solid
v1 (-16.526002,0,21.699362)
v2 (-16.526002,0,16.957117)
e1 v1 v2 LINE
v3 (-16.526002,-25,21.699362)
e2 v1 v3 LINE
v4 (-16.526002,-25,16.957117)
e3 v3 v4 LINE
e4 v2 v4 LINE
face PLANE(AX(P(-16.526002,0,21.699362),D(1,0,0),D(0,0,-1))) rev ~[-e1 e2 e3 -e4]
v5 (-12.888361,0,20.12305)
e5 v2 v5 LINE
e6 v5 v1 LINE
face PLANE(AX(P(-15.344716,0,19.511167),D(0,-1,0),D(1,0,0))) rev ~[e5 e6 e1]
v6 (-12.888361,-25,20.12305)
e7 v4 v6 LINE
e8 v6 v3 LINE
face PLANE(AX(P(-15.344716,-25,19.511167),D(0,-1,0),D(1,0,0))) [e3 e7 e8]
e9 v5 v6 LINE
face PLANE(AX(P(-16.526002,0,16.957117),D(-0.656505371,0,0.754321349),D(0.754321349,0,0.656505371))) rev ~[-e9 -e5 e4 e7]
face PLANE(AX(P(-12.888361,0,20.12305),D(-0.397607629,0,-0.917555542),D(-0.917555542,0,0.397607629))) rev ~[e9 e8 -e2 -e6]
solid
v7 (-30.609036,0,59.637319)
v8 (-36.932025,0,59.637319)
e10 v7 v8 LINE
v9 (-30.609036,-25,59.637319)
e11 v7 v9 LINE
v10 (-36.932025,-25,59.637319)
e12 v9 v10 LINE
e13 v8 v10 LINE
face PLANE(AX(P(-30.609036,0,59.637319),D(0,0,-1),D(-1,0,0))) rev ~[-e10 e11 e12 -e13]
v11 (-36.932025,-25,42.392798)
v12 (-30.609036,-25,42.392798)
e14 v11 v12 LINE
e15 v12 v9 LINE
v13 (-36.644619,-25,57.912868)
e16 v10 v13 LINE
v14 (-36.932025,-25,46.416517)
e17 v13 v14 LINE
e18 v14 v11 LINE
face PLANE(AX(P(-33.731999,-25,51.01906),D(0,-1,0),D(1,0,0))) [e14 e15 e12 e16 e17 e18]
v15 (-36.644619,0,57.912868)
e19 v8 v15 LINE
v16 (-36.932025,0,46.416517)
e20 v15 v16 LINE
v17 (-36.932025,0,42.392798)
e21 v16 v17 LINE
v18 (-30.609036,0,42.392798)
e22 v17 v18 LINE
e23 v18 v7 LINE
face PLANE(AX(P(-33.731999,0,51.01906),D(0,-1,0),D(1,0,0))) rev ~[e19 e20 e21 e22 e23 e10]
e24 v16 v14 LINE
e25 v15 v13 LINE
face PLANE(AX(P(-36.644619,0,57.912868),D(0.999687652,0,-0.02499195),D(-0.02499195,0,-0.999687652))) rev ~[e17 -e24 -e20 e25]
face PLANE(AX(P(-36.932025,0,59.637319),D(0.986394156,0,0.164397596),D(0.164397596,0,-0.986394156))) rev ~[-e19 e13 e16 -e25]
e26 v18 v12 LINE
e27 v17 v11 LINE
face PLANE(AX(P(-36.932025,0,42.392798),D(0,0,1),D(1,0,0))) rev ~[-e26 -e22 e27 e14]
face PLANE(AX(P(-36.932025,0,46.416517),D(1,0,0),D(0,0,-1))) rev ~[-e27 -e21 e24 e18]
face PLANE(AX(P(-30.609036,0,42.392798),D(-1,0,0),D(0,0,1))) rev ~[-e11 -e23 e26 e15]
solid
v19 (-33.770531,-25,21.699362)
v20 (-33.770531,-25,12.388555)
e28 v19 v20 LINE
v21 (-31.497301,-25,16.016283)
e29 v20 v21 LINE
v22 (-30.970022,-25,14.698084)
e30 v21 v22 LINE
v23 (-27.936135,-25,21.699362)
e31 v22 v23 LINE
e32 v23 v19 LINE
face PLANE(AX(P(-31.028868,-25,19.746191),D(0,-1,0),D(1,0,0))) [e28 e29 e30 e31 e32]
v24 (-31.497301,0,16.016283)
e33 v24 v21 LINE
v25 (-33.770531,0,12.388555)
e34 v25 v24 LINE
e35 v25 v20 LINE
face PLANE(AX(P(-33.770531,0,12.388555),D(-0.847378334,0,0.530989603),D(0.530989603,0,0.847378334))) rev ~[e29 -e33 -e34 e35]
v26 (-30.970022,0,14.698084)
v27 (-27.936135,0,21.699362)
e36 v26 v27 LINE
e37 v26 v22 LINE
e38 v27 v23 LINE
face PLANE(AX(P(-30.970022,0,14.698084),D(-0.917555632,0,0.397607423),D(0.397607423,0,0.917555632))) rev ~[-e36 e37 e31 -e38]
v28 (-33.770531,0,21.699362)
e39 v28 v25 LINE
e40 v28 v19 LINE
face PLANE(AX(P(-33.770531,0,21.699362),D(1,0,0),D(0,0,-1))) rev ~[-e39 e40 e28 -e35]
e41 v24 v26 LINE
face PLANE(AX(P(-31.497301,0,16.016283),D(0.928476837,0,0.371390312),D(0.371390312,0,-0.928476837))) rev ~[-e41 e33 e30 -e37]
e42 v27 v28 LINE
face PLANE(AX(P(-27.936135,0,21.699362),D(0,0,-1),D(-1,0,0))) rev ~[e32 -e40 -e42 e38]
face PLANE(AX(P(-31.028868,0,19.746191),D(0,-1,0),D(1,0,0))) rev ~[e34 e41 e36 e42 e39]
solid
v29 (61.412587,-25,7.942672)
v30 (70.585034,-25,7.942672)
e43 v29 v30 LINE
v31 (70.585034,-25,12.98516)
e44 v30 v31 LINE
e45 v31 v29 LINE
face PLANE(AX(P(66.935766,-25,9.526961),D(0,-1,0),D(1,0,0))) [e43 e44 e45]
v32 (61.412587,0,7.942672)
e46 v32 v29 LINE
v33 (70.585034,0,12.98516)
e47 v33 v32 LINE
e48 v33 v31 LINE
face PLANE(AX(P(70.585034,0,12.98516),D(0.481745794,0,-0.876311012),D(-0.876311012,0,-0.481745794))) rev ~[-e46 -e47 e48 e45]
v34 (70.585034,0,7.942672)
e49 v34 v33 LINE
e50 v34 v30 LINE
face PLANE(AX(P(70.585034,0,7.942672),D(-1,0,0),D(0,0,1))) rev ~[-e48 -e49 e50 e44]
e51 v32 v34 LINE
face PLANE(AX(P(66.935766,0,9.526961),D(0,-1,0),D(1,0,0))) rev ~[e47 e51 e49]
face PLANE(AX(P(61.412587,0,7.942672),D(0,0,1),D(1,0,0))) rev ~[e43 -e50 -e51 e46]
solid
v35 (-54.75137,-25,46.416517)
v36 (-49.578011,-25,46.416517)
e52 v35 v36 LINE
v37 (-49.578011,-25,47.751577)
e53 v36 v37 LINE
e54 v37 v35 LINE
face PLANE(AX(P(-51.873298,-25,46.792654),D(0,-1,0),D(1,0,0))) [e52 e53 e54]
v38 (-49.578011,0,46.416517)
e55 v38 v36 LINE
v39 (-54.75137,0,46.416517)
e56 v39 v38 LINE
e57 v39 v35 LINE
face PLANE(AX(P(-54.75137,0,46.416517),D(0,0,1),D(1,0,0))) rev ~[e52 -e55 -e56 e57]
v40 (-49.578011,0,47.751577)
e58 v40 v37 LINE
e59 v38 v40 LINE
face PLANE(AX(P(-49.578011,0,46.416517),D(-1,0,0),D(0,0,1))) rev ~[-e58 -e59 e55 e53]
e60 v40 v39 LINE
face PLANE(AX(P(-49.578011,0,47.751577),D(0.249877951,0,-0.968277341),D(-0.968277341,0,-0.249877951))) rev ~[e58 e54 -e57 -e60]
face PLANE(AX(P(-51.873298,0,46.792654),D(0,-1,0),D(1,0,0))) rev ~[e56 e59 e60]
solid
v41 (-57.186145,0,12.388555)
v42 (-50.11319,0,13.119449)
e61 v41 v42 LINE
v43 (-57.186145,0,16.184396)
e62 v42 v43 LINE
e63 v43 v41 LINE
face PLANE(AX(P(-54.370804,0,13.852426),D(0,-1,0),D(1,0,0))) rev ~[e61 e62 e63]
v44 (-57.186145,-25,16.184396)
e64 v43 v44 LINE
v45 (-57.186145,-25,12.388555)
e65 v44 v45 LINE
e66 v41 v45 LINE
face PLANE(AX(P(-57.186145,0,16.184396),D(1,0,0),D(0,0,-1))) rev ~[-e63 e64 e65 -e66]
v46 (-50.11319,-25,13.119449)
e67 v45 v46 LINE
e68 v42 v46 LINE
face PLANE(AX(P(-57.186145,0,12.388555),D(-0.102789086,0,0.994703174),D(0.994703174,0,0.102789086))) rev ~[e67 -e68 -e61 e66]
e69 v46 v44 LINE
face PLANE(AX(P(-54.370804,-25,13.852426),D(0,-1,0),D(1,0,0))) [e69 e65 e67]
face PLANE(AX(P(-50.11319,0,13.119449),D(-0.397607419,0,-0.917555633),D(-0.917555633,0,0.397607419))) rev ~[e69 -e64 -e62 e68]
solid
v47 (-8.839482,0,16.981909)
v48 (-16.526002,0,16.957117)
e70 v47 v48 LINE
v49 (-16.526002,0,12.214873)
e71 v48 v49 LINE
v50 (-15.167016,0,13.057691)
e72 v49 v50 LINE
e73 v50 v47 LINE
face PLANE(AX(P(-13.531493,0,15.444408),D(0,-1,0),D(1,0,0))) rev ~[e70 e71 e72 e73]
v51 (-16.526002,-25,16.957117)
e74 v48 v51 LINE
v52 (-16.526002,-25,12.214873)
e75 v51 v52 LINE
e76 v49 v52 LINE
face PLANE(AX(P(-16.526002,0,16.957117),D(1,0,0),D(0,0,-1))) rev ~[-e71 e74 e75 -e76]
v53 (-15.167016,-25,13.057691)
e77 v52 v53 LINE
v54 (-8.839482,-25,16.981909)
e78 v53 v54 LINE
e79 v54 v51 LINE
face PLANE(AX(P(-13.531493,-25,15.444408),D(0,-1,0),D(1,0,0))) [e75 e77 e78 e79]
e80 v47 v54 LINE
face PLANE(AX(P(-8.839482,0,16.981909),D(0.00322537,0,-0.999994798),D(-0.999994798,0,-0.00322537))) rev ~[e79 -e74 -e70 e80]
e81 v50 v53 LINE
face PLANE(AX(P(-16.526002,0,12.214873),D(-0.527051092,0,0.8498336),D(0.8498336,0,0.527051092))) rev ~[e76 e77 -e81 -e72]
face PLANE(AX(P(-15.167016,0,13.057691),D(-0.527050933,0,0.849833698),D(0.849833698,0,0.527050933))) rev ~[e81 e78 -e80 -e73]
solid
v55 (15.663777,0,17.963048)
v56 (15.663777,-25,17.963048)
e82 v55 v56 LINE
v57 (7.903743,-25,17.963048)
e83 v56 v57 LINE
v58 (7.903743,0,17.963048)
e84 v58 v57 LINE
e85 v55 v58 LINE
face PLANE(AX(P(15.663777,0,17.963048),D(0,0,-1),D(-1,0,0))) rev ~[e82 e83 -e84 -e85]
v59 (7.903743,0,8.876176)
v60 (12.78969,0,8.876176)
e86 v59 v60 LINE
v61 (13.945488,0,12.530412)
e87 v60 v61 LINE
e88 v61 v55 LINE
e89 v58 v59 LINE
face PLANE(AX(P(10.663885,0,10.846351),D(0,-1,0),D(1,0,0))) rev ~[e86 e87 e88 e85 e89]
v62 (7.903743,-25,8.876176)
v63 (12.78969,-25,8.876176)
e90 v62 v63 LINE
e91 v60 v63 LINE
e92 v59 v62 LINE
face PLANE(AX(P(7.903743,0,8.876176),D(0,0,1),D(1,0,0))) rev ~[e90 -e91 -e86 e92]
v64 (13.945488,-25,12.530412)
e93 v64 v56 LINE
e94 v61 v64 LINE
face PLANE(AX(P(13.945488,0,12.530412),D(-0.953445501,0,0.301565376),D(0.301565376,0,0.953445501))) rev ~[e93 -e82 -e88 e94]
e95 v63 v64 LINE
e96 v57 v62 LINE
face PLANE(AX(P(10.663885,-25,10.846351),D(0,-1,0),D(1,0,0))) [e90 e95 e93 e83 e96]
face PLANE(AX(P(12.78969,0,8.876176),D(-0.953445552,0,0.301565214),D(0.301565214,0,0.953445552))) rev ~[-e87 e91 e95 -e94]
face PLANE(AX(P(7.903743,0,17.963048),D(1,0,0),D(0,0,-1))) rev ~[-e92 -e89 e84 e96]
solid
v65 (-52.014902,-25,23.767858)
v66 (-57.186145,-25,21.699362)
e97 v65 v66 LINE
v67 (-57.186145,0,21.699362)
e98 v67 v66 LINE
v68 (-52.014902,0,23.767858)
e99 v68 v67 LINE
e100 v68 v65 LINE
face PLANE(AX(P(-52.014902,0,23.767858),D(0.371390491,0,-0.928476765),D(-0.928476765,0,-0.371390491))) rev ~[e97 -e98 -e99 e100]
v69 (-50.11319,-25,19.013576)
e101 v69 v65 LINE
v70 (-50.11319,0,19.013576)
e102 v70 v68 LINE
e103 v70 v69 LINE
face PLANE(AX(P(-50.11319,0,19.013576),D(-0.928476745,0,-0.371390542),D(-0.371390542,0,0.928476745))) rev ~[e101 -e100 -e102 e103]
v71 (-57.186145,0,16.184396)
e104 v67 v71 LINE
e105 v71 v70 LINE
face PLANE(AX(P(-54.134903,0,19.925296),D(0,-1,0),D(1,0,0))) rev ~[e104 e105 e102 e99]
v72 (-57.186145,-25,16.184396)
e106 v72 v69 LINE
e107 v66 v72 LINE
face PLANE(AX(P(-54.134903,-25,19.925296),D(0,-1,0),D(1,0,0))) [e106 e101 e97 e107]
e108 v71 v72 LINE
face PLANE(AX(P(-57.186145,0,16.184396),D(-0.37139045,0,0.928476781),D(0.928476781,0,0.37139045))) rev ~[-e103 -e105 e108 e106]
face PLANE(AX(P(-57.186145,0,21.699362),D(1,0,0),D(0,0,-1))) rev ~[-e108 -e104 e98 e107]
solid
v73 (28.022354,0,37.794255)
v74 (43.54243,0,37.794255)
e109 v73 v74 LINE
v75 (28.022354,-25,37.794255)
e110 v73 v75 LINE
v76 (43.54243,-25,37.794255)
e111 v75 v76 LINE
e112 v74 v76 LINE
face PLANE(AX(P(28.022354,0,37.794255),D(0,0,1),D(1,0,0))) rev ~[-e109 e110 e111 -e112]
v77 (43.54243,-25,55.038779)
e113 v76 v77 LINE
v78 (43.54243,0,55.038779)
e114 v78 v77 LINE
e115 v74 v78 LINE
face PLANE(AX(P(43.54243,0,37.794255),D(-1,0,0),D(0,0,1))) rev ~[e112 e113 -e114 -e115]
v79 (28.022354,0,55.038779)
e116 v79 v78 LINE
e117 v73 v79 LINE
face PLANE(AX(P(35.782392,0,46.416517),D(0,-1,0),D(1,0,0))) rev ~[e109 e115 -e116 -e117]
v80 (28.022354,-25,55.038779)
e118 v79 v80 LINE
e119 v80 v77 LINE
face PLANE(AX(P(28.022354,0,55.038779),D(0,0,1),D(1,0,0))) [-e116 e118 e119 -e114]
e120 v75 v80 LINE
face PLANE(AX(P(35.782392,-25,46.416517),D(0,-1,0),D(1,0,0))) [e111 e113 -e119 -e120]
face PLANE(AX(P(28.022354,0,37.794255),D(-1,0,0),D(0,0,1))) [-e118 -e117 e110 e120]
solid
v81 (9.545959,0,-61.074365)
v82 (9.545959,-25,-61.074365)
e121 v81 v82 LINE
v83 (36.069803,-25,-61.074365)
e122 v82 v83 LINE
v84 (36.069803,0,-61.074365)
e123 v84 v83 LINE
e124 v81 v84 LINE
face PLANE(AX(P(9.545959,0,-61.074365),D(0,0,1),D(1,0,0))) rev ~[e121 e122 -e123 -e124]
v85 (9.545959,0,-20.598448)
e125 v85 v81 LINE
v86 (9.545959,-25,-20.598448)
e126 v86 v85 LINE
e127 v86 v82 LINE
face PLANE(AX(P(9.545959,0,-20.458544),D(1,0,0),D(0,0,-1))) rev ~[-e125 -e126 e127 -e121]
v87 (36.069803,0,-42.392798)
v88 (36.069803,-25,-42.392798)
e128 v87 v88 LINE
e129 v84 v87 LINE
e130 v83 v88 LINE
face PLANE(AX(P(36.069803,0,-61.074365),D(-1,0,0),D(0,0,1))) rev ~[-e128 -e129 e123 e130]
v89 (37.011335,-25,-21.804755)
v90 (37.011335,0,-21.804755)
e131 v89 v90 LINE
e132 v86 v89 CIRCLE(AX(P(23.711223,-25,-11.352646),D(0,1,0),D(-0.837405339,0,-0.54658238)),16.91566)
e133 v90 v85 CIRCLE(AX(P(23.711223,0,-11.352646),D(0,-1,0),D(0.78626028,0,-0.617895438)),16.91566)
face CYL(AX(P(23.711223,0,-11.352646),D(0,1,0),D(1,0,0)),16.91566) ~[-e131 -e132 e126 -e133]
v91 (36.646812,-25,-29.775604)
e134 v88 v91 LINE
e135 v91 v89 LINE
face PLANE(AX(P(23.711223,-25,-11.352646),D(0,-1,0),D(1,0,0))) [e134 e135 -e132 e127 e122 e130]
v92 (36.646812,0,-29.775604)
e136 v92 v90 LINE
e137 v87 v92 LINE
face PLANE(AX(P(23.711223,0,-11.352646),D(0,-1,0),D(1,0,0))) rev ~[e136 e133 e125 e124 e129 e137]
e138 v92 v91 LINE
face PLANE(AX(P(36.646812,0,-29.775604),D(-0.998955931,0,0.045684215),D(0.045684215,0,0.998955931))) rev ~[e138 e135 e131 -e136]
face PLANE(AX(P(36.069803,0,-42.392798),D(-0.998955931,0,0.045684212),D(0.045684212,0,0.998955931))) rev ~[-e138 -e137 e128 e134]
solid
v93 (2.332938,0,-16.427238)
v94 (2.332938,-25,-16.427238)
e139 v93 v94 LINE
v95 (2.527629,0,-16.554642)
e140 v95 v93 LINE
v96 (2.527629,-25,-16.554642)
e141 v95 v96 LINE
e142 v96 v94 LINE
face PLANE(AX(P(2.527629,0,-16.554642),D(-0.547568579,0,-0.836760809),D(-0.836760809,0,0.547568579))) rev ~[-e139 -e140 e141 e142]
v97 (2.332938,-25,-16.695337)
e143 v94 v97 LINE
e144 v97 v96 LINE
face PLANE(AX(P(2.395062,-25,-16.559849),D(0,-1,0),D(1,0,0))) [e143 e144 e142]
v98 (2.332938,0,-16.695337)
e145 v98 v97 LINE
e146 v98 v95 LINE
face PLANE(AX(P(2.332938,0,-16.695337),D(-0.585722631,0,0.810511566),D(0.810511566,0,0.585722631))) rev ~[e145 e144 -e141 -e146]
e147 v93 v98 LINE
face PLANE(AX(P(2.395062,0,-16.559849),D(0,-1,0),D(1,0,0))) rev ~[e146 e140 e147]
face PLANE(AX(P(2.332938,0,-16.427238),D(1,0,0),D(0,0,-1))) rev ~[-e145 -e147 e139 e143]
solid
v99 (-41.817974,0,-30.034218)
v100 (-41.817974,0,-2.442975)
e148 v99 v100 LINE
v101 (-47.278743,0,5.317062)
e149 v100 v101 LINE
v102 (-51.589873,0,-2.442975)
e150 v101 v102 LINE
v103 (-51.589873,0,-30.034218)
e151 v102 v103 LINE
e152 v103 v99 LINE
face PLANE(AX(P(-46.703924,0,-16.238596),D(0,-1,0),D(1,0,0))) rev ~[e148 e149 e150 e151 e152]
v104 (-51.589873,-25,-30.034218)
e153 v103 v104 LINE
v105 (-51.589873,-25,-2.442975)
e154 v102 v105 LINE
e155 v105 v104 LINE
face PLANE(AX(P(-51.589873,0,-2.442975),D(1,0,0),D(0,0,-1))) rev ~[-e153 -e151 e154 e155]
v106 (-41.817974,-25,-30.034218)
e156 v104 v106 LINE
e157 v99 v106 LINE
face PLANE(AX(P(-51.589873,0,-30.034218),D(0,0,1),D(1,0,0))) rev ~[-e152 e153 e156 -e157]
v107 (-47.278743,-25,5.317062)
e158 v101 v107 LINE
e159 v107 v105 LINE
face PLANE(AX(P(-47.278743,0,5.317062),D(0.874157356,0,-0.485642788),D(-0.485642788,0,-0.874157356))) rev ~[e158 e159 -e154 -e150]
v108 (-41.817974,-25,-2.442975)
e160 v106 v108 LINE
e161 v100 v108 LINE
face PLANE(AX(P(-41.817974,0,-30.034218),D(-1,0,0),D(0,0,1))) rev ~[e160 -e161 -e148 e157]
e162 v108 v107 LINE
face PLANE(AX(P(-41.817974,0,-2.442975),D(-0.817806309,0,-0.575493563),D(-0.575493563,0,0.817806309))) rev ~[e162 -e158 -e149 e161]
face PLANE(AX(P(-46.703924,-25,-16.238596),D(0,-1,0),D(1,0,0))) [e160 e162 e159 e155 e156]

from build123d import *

# Parameters (mm, degrees)
F1_DEPTH = 25
F2_W     = 15.520076
F2_H     = 17.244525
F3_DEPTH = 25
F4_R     = 16.91566
F5_DEPTH = 25


with BuildPart() as f1:
    # F0 (on Front) → F1 (new body)
    with BuildSketch(Plane.XZ):
        Polygon((36.646812, -29.775604), (37.223821, -17.158411), (33.666293, -19.27908), (29.848246, -20.883999), (25.843995, -21.941929), (21.731478, -22.43228), (17.590739, -22.345506), (13.502375, -21.683298), (9.545959, -20.458544), (9.545959, -31.425671), (9.545959, -42.392798), (15.102927, -42.392798), (22.807881, -42.392798), (36.069803, -42.392798), align=None)
        Polygon((-16.526002, 21.699362), (-16.526002, 16.957117), (-12.888361, 20.12305), align=None)
        Polygon((-16.526002, 12.214873), (-15.167016, 13.057691), (-8.839482, 16.981909), (-16.526002, 16.957117), align=None)
        Polygon((2.332938, -16.695337), (2.527629, -16.554642), (2.332938, -16.427238), align=None)
        Polygon((36.069803, -61.074365), (36.069803, -42.392798), (22.807881, -42.392798), (15.102927, -42.392798), (9.545959, -42.392798), (9.545959, -61.074365), (15.663777, -61.074365), (30.321628, -61.074365), align=None)
        Polygon((7.903743, 12.639839), (7.903743, 8.876176), (12.78969, 8.876176), (13.945488, 12.530412), align=None)
        Polygon((7.903743, 17.963048), (7.903743, 12.639839), (13.945488, 12.530412), (15.663777, 17.963048), align=None)
        Polygon((-51.589873, -30.034218), (-47.278743, -30.034218), (-44.548359, -30.034218), (-41.817974, -30.034218), (-41.817974, -2.442975), (-51.589873, -2.442975), align=None)
        Polygon((-47.278743, 5.317062), (-51.589873, -2.442975), (-41.817974, -2.442975), align=None)
        Polygon((-49.578011, 46.416517), (-49.578011, 47.751577), (-54.75137, 46.416517), align=None)
        Polygon((-36.644619, 57.912868), (-36.932025, 46.416517), (-36.932025, 42.392798), (-30.609036, 42.392798), (-30.609036, 59.637319), (-36.932025, 59.637319), align=None)
        Polygon((-57.186145, 21.699362), (-57.186145, 16.184396), (-50.11319, 19.013576), (-52.014902, 23.767858), align=None)
        Polygon((-57.186145, 16.184396), (-57.186145, 12.388555), (-50.11319, 13.119449), align=None)
        Polygon((-27.936135, 21.699362), (-33.770531, 21.699362), (-31.497301, 16.016283), align=None)
        Polygon((-31.497301, 16.016283), (-33.770531, 21.699362), (-33.770531, 12.388555), align=None)
        Polygon((-27.936135, 21.699362), (-31.497301, 16.016283), (-30.970022, 14.698084), align=None)
        Polygon((70.585034, 7.942672), (70.585034, 12.98516), (61.412587, 7.942672), align=None)
    extrude(amount=F1_DEPTH)

    # F4 (on Front) → F5 (join)
    with BuildSketch(Plane.XZ):
        with Locations((23.711223, -11.352646)):
            Circle(F4_R)
    extrude(amount=F5_DEPTH)


with BuildPart() as f3:
    # F2 (on Front) → F3 (new body)
    with BuildSketch(Plane.XZ):
        with Locations((35.782392, 46.416517)):
            Rectangle(F2_W, F2_H)
    extrude(amount=F3_DEPTH)


solid = Compound([f1.part, f3.part])
